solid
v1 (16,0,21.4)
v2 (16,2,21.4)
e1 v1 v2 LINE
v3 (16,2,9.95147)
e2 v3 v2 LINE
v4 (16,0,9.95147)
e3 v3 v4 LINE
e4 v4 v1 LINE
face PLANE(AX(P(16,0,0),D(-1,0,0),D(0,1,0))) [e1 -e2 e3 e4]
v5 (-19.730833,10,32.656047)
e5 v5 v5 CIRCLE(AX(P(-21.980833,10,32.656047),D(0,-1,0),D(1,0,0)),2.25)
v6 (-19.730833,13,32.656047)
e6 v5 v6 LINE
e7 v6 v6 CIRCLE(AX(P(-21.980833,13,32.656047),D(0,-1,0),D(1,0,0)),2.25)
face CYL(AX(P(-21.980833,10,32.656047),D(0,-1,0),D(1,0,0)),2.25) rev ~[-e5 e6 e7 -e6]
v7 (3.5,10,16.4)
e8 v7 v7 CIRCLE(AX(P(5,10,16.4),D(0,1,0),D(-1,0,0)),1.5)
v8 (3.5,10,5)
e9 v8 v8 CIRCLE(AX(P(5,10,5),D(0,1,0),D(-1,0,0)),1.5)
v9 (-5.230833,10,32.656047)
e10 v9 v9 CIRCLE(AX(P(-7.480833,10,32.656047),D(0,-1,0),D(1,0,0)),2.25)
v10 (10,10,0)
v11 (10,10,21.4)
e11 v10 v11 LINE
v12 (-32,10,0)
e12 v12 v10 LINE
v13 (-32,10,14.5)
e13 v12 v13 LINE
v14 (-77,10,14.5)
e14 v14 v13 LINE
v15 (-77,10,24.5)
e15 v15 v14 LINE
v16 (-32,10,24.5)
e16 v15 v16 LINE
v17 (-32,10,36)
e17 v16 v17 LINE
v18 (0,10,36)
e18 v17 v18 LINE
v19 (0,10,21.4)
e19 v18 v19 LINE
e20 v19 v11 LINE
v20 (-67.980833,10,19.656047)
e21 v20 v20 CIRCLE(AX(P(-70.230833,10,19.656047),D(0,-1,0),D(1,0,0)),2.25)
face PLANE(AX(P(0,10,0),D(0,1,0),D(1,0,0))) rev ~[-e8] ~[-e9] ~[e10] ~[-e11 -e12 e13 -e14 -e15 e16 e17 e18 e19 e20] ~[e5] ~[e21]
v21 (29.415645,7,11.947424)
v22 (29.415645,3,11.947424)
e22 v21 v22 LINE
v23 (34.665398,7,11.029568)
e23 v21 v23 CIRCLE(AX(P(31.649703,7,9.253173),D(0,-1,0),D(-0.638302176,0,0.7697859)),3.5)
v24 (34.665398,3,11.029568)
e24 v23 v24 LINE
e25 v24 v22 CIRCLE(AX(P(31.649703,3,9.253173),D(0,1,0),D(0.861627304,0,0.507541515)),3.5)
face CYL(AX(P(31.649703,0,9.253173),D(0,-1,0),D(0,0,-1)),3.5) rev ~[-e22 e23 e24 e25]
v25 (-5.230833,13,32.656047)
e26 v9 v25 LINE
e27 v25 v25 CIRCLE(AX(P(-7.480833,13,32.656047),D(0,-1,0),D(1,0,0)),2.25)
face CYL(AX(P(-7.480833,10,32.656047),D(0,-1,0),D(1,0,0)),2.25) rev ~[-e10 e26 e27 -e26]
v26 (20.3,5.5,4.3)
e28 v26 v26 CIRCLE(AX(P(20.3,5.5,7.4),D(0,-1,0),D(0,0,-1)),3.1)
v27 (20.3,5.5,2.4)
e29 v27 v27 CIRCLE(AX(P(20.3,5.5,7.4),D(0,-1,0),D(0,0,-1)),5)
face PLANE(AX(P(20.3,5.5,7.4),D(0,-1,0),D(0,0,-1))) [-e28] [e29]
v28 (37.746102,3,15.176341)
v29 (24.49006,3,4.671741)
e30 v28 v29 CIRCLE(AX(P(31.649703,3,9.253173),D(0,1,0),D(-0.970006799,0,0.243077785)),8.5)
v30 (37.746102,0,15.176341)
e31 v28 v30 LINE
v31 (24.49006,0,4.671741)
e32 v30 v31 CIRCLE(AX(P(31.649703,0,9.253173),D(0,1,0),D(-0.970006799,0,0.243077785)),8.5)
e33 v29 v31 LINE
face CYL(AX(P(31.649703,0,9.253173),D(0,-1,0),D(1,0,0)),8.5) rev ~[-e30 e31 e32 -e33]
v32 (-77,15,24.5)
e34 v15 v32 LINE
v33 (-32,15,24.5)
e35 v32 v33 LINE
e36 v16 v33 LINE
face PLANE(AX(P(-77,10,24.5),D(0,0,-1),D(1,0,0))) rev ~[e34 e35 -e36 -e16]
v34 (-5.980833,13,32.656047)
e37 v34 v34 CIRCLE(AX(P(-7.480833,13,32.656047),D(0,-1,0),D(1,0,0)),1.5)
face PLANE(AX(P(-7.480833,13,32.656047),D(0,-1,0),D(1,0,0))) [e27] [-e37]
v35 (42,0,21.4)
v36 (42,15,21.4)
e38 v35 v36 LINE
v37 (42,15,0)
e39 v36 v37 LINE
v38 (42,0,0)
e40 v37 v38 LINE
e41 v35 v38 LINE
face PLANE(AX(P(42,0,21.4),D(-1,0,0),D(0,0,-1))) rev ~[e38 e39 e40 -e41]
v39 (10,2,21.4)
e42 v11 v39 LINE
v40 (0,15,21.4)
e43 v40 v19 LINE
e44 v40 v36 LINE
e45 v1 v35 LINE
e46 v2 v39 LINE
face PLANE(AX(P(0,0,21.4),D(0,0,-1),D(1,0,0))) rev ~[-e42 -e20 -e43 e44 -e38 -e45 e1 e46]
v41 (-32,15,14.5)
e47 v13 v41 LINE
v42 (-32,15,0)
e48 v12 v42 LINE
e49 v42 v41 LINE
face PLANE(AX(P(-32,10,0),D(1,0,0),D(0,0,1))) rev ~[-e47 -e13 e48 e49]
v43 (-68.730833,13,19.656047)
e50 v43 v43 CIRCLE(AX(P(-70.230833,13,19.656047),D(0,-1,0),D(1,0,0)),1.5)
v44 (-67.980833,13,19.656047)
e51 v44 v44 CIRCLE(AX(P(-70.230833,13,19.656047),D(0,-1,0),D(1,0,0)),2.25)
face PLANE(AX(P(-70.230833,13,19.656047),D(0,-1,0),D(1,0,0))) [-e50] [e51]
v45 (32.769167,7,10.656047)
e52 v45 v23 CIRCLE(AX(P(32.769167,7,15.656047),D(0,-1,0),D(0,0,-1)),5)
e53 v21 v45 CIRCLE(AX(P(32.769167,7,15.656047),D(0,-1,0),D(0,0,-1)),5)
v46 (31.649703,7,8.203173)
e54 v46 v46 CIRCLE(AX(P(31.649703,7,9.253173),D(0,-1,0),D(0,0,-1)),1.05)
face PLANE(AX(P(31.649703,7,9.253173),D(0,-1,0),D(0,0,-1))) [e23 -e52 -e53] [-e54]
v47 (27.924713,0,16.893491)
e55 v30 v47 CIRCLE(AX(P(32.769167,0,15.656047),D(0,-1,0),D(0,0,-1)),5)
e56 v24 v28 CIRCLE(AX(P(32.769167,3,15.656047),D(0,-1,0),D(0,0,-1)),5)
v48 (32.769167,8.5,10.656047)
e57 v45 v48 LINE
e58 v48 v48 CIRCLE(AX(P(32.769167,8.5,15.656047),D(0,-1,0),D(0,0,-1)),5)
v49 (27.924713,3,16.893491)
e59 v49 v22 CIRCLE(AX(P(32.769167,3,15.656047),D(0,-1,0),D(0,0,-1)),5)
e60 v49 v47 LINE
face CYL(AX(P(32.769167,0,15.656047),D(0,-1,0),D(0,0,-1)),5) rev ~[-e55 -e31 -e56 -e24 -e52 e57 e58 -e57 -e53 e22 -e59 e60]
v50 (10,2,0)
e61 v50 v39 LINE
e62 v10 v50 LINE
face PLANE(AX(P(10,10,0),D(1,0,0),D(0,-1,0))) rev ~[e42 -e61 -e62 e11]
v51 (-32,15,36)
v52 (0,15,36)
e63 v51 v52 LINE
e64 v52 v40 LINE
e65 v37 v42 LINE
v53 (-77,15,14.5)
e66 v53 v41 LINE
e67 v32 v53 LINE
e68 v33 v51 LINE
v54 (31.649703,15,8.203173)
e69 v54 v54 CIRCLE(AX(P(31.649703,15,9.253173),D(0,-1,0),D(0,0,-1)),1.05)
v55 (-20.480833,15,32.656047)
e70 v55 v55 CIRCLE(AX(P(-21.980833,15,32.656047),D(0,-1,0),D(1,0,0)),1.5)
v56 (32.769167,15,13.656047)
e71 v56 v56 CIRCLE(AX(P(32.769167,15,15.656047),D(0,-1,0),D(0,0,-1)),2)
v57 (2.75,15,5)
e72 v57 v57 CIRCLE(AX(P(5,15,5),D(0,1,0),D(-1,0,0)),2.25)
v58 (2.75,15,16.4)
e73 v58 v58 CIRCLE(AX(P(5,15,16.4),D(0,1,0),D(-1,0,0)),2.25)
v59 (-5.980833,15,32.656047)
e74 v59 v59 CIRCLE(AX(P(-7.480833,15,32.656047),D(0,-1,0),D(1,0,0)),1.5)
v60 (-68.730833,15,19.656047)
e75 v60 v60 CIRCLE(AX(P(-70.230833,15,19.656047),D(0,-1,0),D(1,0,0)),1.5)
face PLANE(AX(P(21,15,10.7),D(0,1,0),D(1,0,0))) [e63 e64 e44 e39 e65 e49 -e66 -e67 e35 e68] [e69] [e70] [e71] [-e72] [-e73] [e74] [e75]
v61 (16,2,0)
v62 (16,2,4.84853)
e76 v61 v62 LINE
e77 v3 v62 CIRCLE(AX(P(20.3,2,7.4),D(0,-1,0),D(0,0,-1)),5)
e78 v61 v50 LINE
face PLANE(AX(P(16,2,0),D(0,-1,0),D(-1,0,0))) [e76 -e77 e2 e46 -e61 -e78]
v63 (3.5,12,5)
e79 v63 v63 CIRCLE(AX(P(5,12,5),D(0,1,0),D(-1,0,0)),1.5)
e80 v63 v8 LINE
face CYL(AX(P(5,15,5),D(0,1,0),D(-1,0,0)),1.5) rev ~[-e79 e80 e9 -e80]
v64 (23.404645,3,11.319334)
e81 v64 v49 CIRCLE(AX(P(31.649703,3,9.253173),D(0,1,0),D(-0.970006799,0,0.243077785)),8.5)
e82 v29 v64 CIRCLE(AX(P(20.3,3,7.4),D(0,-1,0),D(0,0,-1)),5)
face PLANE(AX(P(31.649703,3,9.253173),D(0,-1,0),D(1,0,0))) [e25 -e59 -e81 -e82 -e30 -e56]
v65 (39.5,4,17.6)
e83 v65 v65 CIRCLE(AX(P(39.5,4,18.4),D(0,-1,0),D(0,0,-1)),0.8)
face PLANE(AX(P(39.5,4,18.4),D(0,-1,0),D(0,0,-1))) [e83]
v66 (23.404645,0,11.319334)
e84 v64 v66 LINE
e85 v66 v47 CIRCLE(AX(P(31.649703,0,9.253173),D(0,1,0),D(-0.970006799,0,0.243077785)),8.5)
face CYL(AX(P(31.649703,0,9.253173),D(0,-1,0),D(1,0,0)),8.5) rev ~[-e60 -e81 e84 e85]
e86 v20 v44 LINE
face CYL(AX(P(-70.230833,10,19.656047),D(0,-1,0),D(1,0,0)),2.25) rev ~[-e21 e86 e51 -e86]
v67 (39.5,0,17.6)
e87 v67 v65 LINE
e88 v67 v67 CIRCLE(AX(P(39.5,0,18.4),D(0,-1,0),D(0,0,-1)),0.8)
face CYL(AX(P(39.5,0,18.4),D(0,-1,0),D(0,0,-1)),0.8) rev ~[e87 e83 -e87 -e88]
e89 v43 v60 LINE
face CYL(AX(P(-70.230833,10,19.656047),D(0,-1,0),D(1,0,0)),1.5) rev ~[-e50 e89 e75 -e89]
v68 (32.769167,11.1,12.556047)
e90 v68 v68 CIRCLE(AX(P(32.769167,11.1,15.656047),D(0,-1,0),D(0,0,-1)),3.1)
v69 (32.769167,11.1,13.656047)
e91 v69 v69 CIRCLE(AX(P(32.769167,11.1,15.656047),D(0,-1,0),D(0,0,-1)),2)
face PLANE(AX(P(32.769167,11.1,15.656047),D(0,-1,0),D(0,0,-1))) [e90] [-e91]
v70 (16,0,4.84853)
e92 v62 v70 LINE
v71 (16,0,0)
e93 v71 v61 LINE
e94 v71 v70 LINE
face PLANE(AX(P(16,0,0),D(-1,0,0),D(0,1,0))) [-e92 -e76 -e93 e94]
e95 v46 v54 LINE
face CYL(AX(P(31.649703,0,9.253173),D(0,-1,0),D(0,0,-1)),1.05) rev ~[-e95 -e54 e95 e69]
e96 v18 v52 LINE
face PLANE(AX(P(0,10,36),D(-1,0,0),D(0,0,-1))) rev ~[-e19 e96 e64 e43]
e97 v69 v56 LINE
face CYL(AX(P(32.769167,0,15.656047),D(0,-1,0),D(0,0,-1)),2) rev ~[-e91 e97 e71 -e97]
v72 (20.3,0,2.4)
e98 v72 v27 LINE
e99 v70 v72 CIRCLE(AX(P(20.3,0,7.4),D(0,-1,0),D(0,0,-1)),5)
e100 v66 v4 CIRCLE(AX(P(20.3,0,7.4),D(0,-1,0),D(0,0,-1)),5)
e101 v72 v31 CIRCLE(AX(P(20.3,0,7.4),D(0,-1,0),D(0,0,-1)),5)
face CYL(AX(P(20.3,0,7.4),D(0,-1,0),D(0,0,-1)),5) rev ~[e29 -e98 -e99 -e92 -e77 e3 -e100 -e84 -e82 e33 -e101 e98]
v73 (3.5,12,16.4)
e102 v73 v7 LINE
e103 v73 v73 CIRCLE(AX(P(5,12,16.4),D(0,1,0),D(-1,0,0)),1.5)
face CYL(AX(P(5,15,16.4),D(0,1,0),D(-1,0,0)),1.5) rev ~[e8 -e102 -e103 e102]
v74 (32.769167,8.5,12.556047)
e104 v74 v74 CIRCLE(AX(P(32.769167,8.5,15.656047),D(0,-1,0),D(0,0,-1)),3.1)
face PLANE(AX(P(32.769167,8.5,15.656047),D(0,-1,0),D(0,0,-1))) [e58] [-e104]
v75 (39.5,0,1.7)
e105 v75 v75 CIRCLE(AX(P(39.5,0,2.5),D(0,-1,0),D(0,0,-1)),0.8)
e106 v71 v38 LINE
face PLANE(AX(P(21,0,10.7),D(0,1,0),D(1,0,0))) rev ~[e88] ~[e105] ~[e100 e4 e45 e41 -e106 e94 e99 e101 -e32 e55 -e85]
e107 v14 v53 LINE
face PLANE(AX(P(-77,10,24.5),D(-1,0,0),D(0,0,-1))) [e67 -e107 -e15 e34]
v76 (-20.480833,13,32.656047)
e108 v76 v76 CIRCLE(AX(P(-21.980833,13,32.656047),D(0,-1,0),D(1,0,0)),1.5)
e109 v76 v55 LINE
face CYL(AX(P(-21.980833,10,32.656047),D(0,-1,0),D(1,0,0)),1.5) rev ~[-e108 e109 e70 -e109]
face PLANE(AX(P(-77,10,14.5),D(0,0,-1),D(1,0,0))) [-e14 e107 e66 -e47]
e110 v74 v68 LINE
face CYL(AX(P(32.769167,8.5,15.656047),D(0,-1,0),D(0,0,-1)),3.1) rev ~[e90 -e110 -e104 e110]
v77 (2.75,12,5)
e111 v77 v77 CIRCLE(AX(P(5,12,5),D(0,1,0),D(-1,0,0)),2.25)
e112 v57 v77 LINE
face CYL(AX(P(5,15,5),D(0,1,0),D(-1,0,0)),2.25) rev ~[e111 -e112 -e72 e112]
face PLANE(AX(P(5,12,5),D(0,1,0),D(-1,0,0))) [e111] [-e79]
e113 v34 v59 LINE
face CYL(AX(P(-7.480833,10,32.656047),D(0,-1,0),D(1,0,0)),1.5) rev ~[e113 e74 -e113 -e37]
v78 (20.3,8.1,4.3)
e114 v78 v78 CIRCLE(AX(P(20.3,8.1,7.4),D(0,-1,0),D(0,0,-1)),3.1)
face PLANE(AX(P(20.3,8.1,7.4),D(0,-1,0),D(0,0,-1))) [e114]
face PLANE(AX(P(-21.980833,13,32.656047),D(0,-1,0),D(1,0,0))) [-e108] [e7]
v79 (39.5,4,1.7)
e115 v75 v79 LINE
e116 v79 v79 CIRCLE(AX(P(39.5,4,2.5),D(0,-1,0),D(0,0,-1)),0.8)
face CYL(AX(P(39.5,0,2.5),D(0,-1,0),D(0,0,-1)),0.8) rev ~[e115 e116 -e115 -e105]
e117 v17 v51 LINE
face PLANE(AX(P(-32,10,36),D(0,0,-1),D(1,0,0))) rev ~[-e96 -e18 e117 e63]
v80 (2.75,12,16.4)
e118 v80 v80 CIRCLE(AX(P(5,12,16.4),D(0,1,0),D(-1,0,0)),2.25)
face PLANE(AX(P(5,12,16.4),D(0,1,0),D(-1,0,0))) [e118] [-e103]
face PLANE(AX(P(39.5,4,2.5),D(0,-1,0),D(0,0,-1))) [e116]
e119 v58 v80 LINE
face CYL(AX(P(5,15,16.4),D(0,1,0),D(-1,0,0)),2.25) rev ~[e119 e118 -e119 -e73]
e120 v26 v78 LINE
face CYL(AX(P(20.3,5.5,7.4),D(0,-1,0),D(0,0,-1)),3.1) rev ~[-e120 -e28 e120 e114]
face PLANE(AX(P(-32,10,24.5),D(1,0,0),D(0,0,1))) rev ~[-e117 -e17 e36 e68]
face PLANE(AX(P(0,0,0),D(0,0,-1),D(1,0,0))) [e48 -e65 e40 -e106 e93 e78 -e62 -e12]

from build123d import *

# Parameters (mm, degrees)
SKETCH_1_W           = 42
SKETCH_1_H           = 21.4
EXTRUDE_1_DEPTH      = 12
SKETCH_2_W           = 6
SKETCH_2_H           = 2
CUT_EXTRUDE_1_DEPTH  = 49.641134855
SKETCH_3_R           = 5
CUT_EXTRUDE_2_DEPTH  = 5.5
SKETCH_3_3_R         = 8.5
CUT_EXTRUDE_3_DEPTH  = 3
SKETCH_3_4_R         = 3.5
CUT_EXTRUDE_4_DEPTH  = 7
SKETCH_3_5_R         = 5
CUT_EXTRUDE_5_DEPTH  = 8.5
CUT_EXTRUDE_START    = -8.5
SKETCH_3_6_R         = 3.1
CUT_EXTRUDE_6_DEPTH  = 2.6
CUT_EXTRUDE_START_2  = -5.5
SKETCH_3_7_R         = 3.1
CUT_EXTRUDE_7_DEPTH  = 2.6
EXTRUDE_START        = -2
SKETCH_4_W           = 42
SKETCH_4_H           = 21.4
SKETCH_4_W_2         = 45
SKETCH_4_H_2         = 10
EXTRUDE_2_DEPTH      = 5
SKETCH_5_R           = 2.25
CUT_EXTRUDE_8_DEPTH  = 3
SKETCH_5_3_R         = 1.5
CUT_EXTRUDE_9_DEPTH  = 86.586213843
SKETCH_3_8_R         = 1.05
SKETCH_3_8_R_2       = 2
CUT_EXTRUDE_10_DEPTH = 87.313382508
SKETCH_6_R           = 1.5
CUT_EXTRUDE_11_DEPTH = 87.313382508
SKETCH_6_3_R         = 2.25
CUT_EXTRUDE_12_DEPTH = 3
SKETCH_7_R           = 0.8
CUT_EXTRUDE_13_DEPTH = 4
SKETCH_3_9_R         = 3.1
CUT_EXTRUDE_14_DEPTH = 2.6


with BuildPart() as part:
    # 草图1 → 凸台-拉伸1 (new body)
    with BuildSketch(Plane(origin=(0, 0, 0), x_dir=(1, 0, 0), z_dir=(0, 1, 0))):
        with Locations((21, -10.7)):
            Rectangle(SKETCH_1_W, SKETCH_1_H)
    extrude(amount=EXTRUDE_1_DEPTH)

    # 草图2 → 切除-拉伸1 (cut, through all)
    with BuildSketch(Plane(origin=(0, 0, 0), x_dir=(-1, 0, 0), z_dir=(0, 0, -1))):
        Polygon((-10, 0), (0, 0), (0, 10), (-10, 10), (-10, 2), align=None)
        with Locations((-13, 1)):
            Rectangle(SKETCH_2_W, SKETCH_2_H)
    extrude(amount=-CUT_EXTRUDE_1_DEPTH, mode=Mode.SUBTRACT)

    # 草图3 → 切除-拉伸2 (cut)
    with BuildSketch(Plane.XZ):
        with Locations(Location((20.3, 7.4, 0), (0, 0, 270))):
            Circle(SKETCH_3_R)
    extrude(amount=-CUT_EXTRUDE_2_DEPTH, mode=Mode.SUBTRACT)

    # 草图3<3> → 切除-拉伸3 (cut)
    with BuildSketch(Plane.XZ):
        with Locations((31.64970263, 9.253173011)):
            Circle(SKETCH_3_3_R)
    extrude(amount=-CUT_EXTRUDE_3_DEPTH, mode=Mode.SUBTRACT)

    # 草图3<4> → 切除-拉伸4 (cut)
    with BuildSketch(Plane.XZ):
        with Locations(Location((31.64970263, 9.253173011, 0), (0, 0, 270))):
            Circle(SKETCH_3_4_R)
    extrude(amount=-CUT_EXTRUDE_4_DEPTH, mode=Mode.SUBTRACT)

    # 草图3<5> → 切除-拉伸5 (cut)
    with BuildSketch(Plane.XZ):
        with Locations(Location((32.76916715, 15.656047301, 0), (0, 0, 270))):
            Circle(SKETCH_3_5_R)
    extrude(amount=-CUT_EXTRUDE_5_DEPTH, mode=Mode.SUBTRACT)

    # 草图3<6> → 切除-拉伸6 (cut)
    with BuildSketch(Plane.XZ.offset(CUT_EXTRUDE_START)):
        with Locations(Location((32.76916715, 15.656047301, 0), (0, 0, 270))):
            Circle(SKETCH_3_6_R)
    extrude(amount=-CUT_EXTRUDE_6_DEPTH, mode=Mode.SUBTRACT)

    # 草图3<7> → 切除-拉伸7 (cut)
    with BuildSketch(Plane.XZ.offset(CUT_EXTRUDE_START_2)):
        with Locations(Location((20.3, 7.4, 0), (0, 0, 270))):
            Circle(SKETCH_3_7_R)
    extrude(amount=-CUT_EXTRUDE_7_DEPTH, mode=Mode.SUBTRACT)

    # 草图4 → 凸台-拉伸2 (add)
    with BuildSketch(Plane(origin=(0, 12, 0), x_dir=(1, 0, 0), z_dir=(0, 1, 0)).offset(EXTRUDE_START)):
        with Locations((21, -10.7)):
            Rectangle(SKETCH_4_W, SKETCH_4_H)
        Polygon((0, -21.4), (0, 0), (-32, 0), (-32, -14.5), (-32, -24.5), (-32, -36), (0, -36), align=None)
        with Locations((-54.5, -19.5)):
            Rectangle(SKETCH_4_W_2, SKETCH_4_H_2)
    extrude(amount=EXTRUDE_2_DEPTH)

    # 草图5 → 切除-拉伸8 (cut)
    with BuildSketch(Plane.XZ.offset(-10)):
        with Locations((-7.480832871, 32.656047307)):
            Circle(SKETCH_5_R)
        with Locations((-21.980832871, 32.656047307)):
            Circle(SKETCH_5_R)
        with Locations((-70.230832871, 19.656047307)):
            Circle(SKETCH_5_R)
    extrude(amount=-CUT_EXTRUDE_8_DEPTH, mode=Mode.SUBTRACT)

    # 草图5<3> → 切除-拉伸9 (cut, through all)
    with BuildSketch(Plane.XZ.offset(-10)):
        with Locations((-70.230832871, 19.656047307)):
            Circle(SKETCH_5_3_R)
        with Locations((-21.980832871, 32.656047307)):
            Circle(SKETCH_5_3_R)
        with Locations((-7.480832871, 32.656047307)):
            Circle(SKETCH_5_3_R)
    extrude(amount=-CUT_EXTRUDE_9_DEPTH, mode=Mode.SUBTRACT)

    # 草图3<8> → 切除-拉伸10 (cut, through all)
    with BuildSketch(Plane.XZ):
        with Locations(Location((31.64970263, 9.253173011, 0), (0, 0, 270))):
            Circle(SKETCH_3_8_R)
        with Locations(Location((32.76916715, 15.656047301, 0), (0, 0, 270))):
            Circle(SKETCH_3_8_R_2)
    extrude(amount=-CUT_EXTRUDE_10_DEPTH, mode=Mode.SUBTRACT)

    # 草图6 → 切除-拉伸11 (cut, through all)
    with BuildSketch(Plane(origin=(0, 15, 0), x_dir=(1, 0, 0), z_dir=(0, 1, 0))):
        with Locations(Location((5, -5, 0), (0, 0, 180))):
            Circle(SKETCH_6_R)
        with Locations(Location((5, -16.4, 0), (0, 0, 180))):
            Circle(SKETCH_6_R)
    extrude(amount=-CUT_EXTRUDE_11_DEPTH, mode=Mode.SUBTRACT)

    # 草图6<3> → 切除-拉伸12 (cut)
    with BuildSketch(Plane(origin=(0, 15, 0), x_dir=(1, 0, 0), z_dir=(0, 1, 0))):
        with Locations(Location((5, -5, 0), (0, 0, 180))):
            Circle(SKETCH_6_3_R)
        with Locations(Location((5, -16.4, 0), (0, 0, 180))):
            Circle(SKETCH_6_3_R)
    extrude(amount=-CUT_EXTRUDE_12_DEPTH, mode=Mode.SUBTRACT)

    # 草图7 → 切除-拉伸13 (cut)
    with BuildSketch(Plane.XZ):
        with Locations(Location((39.5, 18.4, 0), (0, 0, 270))):
            Circle(SKETCH_7_R)
        with Locations(Location((39.5, 2.5, 0), (0, 0, 270))):
            Circle(SKETCH_7_R)
    extrude(amount=-CUT_EXTRUDE_13_DEPTH, mode=Mode.SUBTRACT)

    # 草图3<9> → 切除-拉伸14 (cut)
    with BuildSketch(Plane.XZ.offset(CUT_EXTRUDE_START)):
        with Locations(Location((32.76916715, 15.656047301, 0), (0, 0, 270))):
            Circle(SKETCH_3_9_R)
    extrude(amount=-CUT_EXTRUDE_14_DEPTH, mode=Mode.SUBTRACT)


solid = part.part
